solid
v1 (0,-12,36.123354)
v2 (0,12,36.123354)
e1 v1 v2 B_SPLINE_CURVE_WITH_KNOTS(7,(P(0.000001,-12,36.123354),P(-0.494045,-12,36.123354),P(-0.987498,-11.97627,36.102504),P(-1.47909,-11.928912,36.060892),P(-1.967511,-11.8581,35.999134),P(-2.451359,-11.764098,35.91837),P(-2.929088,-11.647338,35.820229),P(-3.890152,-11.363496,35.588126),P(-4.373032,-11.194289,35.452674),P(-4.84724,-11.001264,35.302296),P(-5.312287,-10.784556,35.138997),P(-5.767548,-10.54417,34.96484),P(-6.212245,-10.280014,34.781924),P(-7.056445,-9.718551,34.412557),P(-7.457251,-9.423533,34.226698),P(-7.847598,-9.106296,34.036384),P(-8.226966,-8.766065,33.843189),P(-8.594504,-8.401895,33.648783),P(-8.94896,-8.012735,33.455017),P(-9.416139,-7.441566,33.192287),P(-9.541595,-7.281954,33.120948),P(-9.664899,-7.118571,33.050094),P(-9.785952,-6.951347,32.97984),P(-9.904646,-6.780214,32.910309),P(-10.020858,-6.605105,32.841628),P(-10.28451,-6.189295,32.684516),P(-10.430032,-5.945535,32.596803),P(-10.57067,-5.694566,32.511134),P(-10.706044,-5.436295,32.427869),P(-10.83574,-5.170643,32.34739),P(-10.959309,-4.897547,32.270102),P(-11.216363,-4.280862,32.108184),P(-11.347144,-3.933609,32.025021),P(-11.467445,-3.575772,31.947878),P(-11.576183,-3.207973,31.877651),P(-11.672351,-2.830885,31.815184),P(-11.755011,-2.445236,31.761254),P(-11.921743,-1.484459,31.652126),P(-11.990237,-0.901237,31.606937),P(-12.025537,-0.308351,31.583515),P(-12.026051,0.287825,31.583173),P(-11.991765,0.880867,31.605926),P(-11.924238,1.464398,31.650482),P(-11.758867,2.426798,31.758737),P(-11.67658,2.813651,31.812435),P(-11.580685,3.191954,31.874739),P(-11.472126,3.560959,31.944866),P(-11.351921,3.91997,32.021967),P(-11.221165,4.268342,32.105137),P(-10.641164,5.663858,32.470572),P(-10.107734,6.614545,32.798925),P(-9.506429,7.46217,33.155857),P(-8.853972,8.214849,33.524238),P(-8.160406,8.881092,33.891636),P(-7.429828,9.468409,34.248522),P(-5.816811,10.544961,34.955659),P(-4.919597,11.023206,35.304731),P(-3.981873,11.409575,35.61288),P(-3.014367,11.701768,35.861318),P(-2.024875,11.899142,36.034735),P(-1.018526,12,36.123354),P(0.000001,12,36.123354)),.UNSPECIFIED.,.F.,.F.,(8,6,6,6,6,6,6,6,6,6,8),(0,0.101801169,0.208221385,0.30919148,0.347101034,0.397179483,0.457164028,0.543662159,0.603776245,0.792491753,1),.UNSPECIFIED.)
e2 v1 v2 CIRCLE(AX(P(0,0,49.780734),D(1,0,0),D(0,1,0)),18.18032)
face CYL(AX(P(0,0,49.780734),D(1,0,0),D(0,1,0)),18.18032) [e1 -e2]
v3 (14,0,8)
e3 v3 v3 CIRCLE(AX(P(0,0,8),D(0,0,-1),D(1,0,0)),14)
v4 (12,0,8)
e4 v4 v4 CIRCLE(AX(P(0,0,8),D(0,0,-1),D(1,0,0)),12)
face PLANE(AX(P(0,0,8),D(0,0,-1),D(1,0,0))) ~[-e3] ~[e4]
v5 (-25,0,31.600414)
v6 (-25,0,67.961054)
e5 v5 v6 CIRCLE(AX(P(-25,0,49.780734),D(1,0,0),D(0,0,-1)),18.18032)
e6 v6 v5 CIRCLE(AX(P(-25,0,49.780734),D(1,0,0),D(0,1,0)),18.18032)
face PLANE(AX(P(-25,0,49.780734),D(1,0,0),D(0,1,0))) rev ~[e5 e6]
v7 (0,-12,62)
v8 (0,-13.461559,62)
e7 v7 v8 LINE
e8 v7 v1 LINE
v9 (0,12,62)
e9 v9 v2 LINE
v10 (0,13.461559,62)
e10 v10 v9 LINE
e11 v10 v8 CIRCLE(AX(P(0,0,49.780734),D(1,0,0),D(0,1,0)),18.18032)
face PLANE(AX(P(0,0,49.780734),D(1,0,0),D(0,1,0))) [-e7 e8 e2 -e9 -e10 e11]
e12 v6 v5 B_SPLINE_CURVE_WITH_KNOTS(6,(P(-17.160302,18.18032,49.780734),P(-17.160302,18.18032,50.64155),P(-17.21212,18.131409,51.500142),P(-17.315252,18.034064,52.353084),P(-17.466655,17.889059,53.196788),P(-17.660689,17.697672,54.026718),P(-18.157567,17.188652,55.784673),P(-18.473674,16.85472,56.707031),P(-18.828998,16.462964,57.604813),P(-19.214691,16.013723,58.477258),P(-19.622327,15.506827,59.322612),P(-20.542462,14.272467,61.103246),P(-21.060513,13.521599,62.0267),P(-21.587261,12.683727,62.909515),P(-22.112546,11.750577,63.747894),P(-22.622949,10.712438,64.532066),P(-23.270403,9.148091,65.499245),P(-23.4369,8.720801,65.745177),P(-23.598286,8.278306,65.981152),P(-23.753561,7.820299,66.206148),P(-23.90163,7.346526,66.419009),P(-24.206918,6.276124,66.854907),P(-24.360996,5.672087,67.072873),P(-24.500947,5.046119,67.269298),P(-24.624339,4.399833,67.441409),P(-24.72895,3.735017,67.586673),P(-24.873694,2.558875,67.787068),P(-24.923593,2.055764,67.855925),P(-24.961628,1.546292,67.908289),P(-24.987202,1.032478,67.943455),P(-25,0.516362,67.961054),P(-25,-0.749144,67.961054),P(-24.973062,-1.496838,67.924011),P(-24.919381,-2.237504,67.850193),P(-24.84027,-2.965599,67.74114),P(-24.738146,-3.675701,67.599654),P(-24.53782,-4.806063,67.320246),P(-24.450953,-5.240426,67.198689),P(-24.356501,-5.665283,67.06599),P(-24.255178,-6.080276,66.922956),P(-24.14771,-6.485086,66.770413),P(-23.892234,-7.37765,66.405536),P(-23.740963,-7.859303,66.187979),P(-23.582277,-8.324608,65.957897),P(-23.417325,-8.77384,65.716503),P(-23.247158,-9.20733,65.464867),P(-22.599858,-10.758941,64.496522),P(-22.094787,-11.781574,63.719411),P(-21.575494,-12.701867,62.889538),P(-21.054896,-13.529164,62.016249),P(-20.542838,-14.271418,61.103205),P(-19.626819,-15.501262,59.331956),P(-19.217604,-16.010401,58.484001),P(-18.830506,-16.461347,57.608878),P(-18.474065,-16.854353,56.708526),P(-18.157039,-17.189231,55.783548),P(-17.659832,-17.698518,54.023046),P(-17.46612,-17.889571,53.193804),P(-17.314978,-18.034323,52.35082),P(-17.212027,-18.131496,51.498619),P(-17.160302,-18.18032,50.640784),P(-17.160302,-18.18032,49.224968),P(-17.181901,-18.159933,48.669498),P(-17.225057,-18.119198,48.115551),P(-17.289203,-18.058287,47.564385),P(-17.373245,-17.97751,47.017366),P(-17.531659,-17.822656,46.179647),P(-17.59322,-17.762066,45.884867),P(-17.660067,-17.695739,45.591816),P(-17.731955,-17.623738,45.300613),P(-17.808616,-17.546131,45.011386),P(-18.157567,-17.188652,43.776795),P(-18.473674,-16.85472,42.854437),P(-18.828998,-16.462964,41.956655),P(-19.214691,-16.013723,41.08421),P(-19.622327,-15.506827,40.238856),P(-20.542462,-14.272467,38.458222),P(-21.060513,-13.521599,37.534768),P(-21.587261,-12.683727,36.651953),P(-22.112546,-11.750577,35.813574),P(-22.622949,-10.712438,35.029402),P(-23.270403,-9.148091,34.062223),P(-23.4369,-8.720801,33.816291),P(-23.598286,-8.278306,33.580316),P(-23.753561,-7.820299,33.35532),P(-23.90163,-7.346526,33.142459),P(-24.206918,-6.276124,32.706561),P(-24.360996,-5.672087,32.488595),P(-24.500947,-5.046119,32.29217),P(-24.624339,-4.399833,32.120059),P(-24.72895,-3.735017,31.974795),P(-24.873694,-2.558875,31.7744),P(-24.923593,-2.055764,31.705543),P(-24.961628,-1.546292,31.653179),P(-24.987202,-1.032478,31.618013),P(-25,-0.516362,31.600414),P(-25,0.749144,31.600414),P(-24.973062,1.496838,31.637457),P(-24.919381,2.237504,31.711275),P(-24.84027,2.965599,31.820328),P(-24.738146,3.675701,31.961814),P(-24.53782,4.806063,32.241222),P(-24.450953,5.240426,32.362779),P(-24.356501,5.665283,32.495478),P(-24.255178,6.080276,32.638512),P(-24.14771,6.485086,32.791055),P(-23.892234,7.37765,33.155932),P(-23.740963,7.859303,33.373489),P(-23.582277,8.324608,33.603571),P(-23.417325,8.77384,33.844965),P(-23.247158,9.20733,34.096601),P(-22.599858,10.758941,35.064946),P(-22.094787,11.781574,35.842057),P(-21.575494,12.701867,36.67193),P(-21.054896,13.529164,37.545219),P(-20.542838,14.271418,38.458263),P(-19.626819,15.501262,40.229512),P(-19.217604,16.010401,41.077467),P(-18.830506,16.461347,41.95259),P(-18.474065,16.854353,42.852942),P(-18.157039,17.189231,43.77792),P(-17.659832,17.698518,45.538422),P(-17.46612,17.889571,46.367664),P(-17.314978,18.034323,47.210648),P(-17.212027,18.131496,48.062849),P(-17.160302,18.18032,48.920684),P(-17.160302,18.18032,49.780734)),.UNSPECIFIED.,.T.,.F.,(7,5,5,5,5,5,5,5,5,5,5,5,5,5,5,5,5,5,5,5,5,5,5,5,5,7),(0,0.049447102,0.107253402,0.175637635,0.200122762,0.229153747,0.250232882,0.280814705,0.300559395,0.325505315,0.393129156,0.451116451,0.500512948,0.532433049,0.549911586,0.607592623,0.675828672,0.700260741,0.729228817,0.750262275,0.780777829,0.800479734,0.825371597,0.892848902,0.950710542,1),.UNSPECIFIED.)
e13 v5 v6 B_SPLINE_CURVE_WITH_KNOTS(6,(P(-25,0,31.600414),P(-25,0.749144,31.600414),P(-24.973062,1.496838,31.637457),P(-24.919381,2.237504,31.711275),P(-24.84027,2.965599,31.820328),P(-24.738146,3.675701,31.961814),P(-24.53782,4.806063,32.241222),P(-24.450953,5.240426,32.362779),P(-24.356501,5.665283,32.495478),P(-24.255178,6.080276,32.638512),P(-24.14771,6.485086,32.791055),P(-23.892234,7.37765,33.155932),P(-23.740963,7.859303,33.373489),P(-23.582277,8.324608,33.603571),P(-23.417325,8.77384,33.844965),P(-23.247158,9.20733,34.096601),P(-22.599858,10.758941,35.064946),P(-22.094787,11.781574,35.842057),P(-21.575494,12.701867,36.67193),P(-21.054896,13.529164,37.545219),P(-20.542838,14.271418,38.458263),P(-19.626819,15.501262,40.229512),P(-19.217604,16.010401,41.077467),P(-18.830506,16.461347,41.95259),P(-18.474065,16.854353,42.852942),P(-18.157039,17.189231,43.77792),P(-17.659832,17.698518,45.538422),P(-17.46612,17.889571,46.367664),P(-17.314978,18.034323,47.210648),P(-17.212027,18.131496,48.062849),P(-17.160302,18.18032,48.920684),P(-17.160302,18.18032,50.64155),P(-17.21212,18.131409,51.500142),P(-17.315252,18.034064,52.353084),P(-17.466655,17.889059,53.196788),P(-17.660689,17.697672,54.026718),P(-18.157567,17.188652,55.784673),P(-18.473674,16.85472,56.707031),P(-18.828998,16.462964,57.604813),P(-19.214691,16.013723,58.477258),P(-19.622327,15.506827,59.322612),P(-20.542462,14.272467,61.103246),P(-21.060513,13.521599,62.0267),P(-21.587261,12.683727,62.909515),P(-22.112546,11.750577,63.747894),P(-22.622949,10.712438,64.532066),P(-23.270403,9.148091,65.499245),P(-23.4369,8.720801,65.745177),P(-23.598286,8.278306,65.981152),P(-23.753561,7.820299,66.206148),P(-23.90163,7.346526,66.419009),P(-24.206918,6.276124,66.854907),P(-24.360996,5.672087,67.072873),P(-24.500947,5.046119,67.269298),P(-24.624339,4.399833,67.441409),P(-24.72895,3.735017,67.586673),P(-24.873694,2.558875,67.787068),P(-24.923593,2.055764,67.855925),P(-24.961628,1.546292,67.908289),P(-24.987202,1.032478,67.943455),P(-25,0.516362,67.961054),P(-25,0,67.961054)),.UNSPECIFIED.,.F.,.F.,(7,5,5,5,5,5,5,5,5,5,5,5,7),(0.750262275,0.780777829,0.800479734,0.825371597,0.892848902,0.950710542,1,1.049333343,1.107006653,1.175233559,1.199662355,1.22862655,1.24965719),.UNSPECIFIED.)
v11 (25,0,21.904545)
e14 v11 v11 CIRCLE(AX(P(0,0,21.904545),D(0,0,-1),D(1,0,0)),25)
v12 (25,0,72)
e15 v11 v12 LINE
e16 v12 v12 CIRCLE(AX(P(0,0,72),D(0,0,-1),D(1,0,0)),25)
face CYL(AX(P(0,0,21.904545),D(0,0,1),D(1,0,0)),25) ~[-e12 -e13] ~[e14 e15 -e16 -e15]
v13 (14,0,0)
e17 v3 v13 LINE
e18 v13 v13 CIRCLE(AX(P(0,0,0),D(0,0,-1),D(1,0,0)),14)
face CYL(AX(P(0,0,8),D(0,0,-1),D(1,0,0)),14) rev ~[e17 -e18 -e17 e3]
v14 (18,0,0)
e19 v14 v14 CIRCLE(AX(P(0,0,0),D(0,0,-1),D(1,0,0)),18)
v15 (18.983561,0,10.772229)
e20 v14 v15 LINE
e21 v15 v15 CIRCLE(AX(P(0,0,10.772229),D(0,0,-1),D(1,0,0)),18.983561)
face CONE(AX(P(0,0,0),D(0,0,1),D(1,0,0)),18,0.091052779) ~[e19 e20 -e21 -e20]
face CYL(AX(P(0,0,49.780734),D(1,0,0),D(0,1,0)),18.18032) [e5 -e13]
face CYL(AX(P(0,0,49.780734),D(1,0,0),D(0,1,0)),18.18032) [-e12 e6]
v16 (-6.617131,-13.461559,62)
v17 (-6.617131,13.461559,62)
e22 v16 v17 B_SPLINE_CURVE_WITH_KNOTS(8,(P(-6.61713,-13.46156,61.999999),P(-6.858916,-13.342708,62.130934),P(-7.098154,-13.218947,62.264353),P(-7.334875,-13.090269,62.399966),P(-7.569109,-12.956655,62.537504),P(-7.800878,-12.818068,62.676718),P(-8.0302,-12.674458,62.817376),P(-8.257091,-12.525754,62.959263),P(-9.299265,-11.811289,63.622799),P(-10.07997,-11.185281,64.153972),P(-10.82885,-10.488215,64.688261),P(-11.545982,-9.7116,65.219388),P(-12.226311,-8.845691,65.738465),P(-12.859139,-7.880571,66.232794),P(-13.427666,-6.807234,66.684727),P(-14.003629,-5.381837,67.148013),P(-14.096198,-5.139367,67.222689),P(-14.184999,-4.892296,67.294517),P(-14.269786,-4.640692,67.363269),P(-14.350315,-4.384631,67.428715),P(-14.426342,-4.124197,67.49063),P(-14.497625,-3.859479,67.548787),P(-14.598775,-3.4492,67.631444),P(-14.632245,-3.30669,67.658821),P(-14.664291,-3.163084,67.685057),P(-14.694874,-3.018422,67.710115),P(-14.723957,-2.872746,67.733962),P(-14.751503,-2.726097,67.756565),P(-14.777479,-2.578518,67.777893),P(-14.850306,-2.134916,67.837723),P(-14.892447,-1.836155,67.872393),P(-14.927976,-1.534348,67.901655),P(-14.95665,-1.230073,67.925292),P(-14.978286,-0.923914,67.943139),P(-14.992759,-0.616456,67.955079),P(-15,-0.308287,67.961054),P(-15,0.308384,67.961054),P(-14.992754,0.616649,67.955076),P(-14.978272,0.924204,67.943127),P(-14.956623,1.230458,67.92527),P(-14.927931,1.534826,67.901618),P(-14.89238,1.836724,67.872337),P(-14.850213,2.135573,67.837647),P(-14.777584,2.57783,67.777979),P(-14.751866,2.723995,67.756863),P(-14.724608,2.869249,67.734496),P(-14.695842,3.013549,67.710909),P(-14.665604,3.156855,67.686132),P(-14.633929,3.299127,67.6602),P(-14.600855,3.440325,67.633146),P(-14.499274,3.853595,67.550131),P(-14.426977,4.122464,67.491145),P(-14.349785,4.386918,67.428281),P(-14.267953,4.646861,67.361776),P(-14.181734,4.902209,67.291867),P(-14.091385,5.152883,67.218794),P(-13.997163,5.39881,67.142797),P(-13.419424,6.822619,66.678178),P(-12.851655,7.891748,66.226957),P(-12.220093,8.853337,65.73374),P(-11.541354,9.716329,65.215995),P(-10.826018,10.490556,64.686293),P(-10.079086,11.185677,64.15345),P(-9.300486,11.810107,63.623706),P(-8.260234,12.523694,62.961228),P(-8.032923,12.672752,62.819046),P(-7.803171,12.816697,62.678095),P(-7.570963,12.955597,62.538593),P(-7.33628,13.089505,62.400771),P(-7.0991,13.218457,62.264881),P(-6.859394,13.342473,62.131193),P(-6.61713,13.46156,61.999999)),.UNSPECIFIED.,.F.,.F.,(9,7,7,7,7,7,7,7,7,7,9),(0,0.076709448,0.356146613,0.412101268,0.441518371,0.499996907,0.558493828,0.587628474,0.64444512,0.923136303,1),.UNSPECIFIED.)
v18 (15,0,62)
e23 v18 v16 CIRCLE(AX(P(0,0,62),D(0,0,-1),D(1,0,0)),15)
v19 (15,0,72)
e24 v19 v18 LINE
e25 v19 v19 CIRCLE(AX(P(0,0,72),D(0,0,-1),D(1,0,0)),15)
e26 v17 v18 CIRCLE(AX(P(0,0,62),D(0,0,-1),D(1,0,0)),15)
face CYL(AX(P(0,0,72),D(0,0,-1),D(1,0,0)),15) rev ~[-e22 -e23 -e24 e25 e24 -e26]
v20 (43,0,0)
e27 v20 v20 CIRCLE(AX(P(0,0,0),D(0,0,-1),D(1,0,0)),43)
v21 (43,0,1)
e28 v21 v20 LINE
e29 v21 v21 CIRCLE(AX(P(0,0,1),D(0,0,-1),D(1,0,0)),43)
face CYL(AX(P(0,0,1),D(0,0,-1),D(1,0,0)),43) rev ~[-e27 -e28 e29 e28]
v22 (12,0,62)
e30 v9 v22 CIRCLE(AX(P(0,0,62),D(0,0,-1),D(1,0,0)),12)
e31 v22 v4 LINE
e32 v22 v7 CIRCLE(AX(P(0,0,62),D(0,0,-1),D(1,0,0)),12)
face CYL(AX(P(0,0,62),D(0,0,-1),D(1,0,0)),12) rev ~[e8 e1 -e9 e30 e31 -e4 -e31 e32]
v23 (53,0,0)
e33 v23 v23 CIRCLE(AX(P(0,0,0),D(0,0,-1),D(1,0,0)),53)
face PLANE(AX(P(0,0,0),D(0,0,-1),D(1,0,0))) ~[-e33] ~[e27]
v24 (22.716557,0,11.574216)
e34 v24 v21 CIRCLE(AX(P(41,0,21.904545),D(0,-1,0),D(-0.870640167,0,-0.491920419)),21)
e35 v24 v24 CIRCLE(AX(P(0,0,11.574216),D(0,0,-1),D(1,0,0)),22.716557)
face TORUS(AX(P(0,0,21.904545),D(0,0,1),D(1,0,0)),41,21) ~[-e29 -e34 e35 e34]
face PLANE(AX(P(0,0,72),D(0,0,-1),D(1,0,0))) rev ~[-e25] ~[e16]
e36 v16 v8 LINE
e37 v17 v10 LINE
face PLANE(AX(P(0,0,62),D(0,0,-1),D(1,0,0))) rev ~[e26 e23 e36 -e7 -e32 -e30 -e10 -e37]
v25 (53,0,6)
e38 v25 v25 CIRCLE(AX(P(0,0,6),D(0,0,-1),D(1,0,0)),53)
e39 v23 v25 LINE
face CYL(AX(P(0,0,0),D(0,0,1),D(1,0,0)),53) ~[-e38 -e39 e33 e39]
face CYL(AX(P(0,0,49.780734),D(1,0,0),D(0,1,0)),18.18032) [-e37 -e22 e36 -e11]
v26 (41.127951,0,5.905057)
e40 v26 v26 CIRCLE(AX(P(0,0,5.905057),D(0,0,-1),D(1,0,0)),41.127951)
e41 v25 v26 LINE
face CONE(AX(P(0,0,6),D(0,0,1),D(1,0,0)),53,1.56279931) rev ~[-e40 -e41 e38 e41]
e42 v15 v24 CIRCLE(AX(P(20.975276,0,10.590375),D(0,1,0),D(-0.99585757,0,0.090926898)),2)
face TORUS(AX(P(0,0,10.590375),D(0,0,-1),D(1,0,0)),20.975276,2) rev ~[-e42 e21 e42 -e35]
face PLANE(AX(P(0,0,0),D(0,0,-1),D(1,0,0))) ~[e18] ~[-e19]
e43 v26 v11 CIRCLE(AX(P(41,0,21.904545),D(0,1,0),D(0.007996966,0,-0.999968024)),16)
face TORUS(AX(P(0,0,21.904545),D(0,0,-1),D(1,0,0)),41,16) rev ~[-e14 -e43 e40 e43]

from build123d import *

# Parameters (mm, degrees)
F2_R     = 18.18032
F3_DEPTH = 25


with BuildPart() as f1:
    # F0 (on Front) → F1 (revolve)
    with BuildSketch(Plane.XZ):
        with BuildLine():
            Line((25, 72), (15, 72))
            Line((15, 72), (15, 62))
            Line((15, 62), (12, 62))
            Line((12, 62), (12, 8))
            Line((12, 8), (14, 8))
            Line((14, 8), (14, 0))
            Line((14, 0), (18, 0))
            Line((18, 0), (18.983561, 10.772229))
            ThreePointArc((18.983561, 10.772229), (20.555187, 12.545759), (22.716557, 11.574216))
            ThreePointArc((22.716557, 11.574216), (31.292212, 3.283083), (43, 1))
            Line((43, 1), (43, 0))
            Line((43, 0), (53, 0))
            Line((53, 0), (53, 6))
            Line((53, 6), (41.127951, 5.905057))
            ThreePointArc((41.127951, 5.905057), (29.73162, 10.545689), (25, 21.904545))
            Line((25, 21.904545), (25, 72))
        make_face()
    revolve(axis=Axis((0, 0, 31.754872), (0, 0, -1)))

    # F2 (on Right) → F3 (join)
    with BuildSketch(Plane.YZ):
        with Locations((0, 49.780734)):
            Circle(F2_R)
    extrude(amount=-F3_DEPTH)


solid = f1.part
